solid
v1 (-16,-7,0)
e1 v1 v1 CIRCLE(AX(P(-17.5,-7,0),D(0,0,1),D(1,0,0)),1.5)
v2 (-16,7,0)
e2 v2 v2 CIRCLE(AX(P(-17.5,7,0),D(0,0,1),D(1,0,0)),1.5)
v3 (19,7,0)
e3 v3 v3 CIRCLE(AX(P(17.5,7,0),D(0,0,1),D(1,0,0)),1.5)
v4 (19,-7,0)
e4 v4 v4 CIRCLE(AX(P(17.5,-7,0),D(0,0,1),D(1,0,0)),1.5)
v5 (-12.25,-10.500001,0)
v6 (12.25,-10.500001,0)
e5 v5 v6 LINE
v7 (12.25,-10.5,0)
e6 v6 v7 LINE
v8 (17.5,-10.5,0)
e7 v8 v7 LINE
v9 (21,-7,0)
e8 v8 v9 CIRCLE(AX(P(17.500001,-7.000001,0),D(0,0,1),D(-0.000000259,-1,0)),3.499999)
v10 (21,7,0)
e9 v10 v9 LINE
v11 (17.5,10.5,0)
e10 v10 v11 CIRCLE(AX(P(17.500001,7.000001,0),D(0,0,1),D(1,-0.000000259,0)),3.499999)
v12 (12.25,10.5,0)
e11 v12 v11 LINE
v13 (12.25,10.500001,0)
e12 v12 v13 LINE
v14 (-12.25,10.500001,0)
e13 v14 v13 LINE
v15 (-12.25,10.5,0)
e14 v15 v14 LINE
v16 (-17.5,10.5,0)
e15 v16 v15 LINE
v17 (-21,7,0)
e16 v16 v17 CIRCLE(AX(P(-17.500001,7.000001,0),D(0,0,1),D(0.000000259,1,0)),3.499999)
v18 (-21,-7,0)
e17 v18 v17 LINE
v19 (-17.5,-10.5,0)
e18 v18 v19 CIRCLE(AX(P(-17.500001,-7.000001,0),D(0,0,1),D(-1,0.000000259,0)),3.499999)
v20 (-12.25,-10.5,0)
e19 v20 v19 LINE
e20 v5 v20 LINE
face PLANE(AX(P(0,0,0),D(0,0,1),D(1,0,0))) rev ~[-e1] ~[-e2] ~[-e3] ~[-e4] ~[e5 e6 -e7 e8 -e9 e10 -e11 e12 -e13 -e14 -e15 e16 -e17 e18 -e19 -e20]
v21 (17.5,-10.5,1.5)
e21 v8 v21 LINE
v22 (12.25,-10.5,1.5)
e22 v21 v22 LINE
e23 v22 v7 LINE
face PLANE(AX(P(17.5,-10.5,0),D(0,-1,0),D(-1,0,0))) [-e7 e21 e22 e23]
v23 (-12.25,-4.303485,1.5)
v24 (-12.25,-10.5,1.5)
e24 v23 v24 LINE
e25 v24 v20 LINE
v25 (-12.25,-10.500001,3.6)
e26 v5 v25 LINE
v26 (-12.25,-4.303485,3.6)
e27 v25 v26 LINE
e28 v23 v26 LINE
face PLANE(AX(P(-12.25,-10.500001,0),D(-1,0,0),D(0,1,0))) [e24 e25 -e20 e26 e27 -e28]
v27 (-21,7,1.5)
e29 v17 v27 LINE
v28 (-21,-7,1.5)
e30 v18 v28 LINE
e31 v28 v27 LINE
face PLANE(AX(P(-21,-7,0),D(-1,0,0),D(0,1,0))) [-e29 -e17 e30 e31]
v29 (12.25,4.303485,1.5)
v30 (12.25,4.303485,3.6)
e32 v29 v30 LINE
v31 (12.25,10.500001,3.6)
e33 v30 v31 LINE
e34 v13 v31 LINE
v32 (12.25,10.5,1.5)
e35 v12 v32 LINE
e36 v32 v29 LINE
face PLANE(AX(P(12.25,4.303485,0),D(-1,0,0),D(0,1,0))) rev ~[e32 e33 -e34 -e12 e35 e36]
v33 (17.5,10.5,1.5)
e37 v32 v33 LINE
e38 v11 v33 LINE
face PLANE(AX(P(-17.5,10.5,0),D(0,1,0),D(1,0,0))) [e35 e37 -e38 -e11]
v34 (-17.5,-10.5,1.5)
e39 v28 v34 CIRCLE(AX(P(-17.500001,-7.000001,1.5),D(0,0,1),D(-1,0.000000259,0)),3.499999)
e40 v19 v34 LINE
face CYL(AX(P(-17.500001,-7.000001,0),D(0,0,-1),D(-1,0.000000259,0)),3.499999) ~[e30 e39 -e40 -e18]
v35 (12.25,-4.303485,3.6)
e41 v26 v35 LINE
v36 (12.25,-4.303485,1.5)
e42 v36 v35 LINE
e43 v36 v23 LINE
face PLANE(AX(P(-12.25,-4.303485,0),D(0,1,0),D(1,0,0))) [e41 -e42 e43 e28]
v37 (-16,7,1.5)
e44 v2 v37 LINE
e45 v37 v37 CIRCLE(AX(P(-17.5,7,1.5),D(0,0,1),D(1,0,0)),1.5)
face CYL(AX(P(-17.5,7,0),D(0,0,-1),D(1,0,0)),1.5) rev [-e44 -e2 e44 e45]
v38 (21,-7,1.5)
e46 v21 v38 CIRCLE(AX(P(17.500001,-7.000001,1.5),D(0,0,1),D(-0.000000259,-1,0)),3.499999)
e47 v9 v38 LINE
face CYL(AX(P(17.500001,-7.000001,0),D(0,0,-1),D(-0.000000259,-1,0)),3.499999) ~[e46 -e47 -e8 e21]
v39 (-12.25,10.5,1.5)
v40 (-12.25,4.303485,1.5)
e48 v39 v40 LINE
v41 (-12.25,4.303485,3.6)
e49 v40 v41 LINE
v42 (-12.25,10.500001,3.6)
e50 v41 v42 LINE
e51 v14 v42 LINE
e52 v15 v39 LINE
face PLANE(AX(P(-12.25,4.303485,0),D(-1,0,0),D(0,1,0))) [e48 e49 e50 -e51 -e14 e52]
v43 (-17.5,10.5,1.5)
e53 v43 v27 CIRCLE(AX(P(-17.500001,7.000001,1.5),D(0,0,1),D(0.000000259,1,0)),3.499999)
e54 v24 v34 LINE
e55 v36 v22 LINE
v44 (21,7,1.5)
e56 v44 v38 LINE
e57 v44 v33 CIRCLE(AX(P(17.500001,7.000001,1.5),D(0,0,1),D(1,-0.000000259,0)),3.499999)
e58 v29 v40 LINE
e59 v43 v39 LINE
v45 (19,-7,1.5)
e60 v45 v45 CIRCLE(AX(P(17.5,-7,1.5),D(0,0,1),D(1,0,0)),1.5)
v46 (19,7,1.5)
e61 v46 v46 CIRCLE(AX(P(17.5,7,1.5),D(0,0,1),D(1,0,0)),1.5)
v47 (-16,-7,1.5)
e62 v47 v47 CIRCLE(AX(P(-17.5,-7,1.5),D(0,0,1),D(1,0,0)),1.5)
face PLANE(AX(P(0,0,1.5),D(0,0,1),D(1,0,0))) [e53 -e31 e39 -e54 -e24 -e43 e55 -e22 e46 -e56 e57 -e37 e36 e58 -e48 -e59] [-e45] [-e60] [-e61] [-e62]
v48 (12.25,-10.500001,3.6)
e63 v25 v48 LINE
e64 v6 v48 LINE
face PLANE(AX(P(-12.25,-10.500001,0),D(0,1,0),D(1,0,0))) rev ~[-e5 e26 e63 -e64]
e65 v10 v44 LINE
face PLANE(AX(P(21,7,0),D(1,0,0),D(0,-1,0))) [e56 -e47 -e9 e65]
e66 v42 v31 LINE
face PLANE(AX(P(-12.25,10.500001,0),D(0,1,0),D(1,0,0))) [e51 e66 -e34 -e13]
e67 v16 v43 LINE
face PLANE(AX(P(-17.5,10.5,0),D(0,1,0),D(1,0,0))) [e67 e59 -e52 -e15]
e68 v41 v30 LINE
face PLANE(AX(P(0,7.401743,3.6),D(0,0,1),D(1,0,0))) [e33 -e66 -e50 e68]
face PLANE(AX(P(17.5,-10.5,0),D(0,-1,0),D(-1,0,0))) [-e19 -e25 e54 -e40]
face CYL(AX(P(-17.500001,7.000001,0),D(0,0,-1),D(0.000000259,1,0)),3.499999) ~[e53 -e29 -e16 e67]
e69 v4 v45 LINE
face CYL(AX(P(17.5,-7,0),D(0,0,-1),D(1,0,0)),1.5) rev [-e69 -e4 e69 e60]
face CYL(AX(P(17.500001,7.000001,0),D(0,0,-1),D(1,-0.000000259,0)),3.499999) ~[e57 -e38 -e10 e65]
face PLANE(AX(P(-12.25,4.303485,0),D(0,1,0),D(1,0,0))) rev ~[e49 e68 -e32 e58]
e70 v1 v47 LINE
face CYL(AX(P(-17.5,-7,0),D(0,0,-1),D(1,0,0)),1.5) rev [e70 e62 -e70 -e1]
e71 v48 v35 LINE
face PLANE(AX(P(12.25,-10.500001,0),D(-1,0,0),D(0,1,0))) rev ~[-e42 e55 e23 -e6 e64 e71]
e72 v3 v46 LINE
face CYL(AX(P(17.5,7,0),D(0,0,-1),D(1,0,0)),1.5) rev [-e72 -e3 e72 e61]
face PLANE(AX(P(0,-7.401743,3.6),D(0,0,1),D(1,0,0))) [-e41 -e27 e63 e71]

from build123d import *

# Parameters (mm, degrees)
SKETCH_R     = 1.5
PAD_DEPTH    = 1.5
SKETCH001_W  = 24.5
SKETCH001_H  = 6.196515
PAD001_DEPTH = 3.6


with BuildPart() as part:
    # Sketch → Pad (new body)
    with BuildSketch(Plane.XY):
        with BuildLine():
            ThreePointArc((-17.5, 10.5), (-19.974874, 9.474874), (-21, 7))
            Line((-21, -7), (-21, 7))
            ThreePointArc((-21, -7), (-19.974874, -9.474874), (-17.5, -10.5))
            Line((17.5, -10.5), (-17.5, -10.5))
            ThreePointArc((17.5, -10.5), (19.974874, -9.474874), (21, -7))
            Line((21, 7), (21, -7))
            ThreePointArc((21, 7), (19.974874, 9.474874), (17.5, 10.5))
            Line((-17.5, 10.5), (17.5, 10.5))
        make_face()
        with Locations((-17.5, 7)):
            Circle(SKETCH_R, mode=Mode.SUBTRACT)
        with Locations((-17.5, -7)):
            Circle(SKETCH_R, mode=Mode.SUBTRACT)
        with Locations((17.5, 7)):
            Circle(SKETCH_R, mode=Mode.SUBTRACT)
        with Locations((17.5, -7)):
            Circle(SKETCH_R, mode=Mode.SUBTRACT)
    extrude(amount=PAD_DEPTH)

    # Sketch001 → Pad001 (join)
    with BuildSketch(Plane.XY):
        with Locations((0, 7.401743)):
            Rectangle(SKETCH001_W, SKETCH001_H)
        with Locations((0, -7.401743)):
            Rectangle(SKETCH001_W, SKETCH001_H)
    extrude(amount=PAD001_DEPTH)


solid = part.part
